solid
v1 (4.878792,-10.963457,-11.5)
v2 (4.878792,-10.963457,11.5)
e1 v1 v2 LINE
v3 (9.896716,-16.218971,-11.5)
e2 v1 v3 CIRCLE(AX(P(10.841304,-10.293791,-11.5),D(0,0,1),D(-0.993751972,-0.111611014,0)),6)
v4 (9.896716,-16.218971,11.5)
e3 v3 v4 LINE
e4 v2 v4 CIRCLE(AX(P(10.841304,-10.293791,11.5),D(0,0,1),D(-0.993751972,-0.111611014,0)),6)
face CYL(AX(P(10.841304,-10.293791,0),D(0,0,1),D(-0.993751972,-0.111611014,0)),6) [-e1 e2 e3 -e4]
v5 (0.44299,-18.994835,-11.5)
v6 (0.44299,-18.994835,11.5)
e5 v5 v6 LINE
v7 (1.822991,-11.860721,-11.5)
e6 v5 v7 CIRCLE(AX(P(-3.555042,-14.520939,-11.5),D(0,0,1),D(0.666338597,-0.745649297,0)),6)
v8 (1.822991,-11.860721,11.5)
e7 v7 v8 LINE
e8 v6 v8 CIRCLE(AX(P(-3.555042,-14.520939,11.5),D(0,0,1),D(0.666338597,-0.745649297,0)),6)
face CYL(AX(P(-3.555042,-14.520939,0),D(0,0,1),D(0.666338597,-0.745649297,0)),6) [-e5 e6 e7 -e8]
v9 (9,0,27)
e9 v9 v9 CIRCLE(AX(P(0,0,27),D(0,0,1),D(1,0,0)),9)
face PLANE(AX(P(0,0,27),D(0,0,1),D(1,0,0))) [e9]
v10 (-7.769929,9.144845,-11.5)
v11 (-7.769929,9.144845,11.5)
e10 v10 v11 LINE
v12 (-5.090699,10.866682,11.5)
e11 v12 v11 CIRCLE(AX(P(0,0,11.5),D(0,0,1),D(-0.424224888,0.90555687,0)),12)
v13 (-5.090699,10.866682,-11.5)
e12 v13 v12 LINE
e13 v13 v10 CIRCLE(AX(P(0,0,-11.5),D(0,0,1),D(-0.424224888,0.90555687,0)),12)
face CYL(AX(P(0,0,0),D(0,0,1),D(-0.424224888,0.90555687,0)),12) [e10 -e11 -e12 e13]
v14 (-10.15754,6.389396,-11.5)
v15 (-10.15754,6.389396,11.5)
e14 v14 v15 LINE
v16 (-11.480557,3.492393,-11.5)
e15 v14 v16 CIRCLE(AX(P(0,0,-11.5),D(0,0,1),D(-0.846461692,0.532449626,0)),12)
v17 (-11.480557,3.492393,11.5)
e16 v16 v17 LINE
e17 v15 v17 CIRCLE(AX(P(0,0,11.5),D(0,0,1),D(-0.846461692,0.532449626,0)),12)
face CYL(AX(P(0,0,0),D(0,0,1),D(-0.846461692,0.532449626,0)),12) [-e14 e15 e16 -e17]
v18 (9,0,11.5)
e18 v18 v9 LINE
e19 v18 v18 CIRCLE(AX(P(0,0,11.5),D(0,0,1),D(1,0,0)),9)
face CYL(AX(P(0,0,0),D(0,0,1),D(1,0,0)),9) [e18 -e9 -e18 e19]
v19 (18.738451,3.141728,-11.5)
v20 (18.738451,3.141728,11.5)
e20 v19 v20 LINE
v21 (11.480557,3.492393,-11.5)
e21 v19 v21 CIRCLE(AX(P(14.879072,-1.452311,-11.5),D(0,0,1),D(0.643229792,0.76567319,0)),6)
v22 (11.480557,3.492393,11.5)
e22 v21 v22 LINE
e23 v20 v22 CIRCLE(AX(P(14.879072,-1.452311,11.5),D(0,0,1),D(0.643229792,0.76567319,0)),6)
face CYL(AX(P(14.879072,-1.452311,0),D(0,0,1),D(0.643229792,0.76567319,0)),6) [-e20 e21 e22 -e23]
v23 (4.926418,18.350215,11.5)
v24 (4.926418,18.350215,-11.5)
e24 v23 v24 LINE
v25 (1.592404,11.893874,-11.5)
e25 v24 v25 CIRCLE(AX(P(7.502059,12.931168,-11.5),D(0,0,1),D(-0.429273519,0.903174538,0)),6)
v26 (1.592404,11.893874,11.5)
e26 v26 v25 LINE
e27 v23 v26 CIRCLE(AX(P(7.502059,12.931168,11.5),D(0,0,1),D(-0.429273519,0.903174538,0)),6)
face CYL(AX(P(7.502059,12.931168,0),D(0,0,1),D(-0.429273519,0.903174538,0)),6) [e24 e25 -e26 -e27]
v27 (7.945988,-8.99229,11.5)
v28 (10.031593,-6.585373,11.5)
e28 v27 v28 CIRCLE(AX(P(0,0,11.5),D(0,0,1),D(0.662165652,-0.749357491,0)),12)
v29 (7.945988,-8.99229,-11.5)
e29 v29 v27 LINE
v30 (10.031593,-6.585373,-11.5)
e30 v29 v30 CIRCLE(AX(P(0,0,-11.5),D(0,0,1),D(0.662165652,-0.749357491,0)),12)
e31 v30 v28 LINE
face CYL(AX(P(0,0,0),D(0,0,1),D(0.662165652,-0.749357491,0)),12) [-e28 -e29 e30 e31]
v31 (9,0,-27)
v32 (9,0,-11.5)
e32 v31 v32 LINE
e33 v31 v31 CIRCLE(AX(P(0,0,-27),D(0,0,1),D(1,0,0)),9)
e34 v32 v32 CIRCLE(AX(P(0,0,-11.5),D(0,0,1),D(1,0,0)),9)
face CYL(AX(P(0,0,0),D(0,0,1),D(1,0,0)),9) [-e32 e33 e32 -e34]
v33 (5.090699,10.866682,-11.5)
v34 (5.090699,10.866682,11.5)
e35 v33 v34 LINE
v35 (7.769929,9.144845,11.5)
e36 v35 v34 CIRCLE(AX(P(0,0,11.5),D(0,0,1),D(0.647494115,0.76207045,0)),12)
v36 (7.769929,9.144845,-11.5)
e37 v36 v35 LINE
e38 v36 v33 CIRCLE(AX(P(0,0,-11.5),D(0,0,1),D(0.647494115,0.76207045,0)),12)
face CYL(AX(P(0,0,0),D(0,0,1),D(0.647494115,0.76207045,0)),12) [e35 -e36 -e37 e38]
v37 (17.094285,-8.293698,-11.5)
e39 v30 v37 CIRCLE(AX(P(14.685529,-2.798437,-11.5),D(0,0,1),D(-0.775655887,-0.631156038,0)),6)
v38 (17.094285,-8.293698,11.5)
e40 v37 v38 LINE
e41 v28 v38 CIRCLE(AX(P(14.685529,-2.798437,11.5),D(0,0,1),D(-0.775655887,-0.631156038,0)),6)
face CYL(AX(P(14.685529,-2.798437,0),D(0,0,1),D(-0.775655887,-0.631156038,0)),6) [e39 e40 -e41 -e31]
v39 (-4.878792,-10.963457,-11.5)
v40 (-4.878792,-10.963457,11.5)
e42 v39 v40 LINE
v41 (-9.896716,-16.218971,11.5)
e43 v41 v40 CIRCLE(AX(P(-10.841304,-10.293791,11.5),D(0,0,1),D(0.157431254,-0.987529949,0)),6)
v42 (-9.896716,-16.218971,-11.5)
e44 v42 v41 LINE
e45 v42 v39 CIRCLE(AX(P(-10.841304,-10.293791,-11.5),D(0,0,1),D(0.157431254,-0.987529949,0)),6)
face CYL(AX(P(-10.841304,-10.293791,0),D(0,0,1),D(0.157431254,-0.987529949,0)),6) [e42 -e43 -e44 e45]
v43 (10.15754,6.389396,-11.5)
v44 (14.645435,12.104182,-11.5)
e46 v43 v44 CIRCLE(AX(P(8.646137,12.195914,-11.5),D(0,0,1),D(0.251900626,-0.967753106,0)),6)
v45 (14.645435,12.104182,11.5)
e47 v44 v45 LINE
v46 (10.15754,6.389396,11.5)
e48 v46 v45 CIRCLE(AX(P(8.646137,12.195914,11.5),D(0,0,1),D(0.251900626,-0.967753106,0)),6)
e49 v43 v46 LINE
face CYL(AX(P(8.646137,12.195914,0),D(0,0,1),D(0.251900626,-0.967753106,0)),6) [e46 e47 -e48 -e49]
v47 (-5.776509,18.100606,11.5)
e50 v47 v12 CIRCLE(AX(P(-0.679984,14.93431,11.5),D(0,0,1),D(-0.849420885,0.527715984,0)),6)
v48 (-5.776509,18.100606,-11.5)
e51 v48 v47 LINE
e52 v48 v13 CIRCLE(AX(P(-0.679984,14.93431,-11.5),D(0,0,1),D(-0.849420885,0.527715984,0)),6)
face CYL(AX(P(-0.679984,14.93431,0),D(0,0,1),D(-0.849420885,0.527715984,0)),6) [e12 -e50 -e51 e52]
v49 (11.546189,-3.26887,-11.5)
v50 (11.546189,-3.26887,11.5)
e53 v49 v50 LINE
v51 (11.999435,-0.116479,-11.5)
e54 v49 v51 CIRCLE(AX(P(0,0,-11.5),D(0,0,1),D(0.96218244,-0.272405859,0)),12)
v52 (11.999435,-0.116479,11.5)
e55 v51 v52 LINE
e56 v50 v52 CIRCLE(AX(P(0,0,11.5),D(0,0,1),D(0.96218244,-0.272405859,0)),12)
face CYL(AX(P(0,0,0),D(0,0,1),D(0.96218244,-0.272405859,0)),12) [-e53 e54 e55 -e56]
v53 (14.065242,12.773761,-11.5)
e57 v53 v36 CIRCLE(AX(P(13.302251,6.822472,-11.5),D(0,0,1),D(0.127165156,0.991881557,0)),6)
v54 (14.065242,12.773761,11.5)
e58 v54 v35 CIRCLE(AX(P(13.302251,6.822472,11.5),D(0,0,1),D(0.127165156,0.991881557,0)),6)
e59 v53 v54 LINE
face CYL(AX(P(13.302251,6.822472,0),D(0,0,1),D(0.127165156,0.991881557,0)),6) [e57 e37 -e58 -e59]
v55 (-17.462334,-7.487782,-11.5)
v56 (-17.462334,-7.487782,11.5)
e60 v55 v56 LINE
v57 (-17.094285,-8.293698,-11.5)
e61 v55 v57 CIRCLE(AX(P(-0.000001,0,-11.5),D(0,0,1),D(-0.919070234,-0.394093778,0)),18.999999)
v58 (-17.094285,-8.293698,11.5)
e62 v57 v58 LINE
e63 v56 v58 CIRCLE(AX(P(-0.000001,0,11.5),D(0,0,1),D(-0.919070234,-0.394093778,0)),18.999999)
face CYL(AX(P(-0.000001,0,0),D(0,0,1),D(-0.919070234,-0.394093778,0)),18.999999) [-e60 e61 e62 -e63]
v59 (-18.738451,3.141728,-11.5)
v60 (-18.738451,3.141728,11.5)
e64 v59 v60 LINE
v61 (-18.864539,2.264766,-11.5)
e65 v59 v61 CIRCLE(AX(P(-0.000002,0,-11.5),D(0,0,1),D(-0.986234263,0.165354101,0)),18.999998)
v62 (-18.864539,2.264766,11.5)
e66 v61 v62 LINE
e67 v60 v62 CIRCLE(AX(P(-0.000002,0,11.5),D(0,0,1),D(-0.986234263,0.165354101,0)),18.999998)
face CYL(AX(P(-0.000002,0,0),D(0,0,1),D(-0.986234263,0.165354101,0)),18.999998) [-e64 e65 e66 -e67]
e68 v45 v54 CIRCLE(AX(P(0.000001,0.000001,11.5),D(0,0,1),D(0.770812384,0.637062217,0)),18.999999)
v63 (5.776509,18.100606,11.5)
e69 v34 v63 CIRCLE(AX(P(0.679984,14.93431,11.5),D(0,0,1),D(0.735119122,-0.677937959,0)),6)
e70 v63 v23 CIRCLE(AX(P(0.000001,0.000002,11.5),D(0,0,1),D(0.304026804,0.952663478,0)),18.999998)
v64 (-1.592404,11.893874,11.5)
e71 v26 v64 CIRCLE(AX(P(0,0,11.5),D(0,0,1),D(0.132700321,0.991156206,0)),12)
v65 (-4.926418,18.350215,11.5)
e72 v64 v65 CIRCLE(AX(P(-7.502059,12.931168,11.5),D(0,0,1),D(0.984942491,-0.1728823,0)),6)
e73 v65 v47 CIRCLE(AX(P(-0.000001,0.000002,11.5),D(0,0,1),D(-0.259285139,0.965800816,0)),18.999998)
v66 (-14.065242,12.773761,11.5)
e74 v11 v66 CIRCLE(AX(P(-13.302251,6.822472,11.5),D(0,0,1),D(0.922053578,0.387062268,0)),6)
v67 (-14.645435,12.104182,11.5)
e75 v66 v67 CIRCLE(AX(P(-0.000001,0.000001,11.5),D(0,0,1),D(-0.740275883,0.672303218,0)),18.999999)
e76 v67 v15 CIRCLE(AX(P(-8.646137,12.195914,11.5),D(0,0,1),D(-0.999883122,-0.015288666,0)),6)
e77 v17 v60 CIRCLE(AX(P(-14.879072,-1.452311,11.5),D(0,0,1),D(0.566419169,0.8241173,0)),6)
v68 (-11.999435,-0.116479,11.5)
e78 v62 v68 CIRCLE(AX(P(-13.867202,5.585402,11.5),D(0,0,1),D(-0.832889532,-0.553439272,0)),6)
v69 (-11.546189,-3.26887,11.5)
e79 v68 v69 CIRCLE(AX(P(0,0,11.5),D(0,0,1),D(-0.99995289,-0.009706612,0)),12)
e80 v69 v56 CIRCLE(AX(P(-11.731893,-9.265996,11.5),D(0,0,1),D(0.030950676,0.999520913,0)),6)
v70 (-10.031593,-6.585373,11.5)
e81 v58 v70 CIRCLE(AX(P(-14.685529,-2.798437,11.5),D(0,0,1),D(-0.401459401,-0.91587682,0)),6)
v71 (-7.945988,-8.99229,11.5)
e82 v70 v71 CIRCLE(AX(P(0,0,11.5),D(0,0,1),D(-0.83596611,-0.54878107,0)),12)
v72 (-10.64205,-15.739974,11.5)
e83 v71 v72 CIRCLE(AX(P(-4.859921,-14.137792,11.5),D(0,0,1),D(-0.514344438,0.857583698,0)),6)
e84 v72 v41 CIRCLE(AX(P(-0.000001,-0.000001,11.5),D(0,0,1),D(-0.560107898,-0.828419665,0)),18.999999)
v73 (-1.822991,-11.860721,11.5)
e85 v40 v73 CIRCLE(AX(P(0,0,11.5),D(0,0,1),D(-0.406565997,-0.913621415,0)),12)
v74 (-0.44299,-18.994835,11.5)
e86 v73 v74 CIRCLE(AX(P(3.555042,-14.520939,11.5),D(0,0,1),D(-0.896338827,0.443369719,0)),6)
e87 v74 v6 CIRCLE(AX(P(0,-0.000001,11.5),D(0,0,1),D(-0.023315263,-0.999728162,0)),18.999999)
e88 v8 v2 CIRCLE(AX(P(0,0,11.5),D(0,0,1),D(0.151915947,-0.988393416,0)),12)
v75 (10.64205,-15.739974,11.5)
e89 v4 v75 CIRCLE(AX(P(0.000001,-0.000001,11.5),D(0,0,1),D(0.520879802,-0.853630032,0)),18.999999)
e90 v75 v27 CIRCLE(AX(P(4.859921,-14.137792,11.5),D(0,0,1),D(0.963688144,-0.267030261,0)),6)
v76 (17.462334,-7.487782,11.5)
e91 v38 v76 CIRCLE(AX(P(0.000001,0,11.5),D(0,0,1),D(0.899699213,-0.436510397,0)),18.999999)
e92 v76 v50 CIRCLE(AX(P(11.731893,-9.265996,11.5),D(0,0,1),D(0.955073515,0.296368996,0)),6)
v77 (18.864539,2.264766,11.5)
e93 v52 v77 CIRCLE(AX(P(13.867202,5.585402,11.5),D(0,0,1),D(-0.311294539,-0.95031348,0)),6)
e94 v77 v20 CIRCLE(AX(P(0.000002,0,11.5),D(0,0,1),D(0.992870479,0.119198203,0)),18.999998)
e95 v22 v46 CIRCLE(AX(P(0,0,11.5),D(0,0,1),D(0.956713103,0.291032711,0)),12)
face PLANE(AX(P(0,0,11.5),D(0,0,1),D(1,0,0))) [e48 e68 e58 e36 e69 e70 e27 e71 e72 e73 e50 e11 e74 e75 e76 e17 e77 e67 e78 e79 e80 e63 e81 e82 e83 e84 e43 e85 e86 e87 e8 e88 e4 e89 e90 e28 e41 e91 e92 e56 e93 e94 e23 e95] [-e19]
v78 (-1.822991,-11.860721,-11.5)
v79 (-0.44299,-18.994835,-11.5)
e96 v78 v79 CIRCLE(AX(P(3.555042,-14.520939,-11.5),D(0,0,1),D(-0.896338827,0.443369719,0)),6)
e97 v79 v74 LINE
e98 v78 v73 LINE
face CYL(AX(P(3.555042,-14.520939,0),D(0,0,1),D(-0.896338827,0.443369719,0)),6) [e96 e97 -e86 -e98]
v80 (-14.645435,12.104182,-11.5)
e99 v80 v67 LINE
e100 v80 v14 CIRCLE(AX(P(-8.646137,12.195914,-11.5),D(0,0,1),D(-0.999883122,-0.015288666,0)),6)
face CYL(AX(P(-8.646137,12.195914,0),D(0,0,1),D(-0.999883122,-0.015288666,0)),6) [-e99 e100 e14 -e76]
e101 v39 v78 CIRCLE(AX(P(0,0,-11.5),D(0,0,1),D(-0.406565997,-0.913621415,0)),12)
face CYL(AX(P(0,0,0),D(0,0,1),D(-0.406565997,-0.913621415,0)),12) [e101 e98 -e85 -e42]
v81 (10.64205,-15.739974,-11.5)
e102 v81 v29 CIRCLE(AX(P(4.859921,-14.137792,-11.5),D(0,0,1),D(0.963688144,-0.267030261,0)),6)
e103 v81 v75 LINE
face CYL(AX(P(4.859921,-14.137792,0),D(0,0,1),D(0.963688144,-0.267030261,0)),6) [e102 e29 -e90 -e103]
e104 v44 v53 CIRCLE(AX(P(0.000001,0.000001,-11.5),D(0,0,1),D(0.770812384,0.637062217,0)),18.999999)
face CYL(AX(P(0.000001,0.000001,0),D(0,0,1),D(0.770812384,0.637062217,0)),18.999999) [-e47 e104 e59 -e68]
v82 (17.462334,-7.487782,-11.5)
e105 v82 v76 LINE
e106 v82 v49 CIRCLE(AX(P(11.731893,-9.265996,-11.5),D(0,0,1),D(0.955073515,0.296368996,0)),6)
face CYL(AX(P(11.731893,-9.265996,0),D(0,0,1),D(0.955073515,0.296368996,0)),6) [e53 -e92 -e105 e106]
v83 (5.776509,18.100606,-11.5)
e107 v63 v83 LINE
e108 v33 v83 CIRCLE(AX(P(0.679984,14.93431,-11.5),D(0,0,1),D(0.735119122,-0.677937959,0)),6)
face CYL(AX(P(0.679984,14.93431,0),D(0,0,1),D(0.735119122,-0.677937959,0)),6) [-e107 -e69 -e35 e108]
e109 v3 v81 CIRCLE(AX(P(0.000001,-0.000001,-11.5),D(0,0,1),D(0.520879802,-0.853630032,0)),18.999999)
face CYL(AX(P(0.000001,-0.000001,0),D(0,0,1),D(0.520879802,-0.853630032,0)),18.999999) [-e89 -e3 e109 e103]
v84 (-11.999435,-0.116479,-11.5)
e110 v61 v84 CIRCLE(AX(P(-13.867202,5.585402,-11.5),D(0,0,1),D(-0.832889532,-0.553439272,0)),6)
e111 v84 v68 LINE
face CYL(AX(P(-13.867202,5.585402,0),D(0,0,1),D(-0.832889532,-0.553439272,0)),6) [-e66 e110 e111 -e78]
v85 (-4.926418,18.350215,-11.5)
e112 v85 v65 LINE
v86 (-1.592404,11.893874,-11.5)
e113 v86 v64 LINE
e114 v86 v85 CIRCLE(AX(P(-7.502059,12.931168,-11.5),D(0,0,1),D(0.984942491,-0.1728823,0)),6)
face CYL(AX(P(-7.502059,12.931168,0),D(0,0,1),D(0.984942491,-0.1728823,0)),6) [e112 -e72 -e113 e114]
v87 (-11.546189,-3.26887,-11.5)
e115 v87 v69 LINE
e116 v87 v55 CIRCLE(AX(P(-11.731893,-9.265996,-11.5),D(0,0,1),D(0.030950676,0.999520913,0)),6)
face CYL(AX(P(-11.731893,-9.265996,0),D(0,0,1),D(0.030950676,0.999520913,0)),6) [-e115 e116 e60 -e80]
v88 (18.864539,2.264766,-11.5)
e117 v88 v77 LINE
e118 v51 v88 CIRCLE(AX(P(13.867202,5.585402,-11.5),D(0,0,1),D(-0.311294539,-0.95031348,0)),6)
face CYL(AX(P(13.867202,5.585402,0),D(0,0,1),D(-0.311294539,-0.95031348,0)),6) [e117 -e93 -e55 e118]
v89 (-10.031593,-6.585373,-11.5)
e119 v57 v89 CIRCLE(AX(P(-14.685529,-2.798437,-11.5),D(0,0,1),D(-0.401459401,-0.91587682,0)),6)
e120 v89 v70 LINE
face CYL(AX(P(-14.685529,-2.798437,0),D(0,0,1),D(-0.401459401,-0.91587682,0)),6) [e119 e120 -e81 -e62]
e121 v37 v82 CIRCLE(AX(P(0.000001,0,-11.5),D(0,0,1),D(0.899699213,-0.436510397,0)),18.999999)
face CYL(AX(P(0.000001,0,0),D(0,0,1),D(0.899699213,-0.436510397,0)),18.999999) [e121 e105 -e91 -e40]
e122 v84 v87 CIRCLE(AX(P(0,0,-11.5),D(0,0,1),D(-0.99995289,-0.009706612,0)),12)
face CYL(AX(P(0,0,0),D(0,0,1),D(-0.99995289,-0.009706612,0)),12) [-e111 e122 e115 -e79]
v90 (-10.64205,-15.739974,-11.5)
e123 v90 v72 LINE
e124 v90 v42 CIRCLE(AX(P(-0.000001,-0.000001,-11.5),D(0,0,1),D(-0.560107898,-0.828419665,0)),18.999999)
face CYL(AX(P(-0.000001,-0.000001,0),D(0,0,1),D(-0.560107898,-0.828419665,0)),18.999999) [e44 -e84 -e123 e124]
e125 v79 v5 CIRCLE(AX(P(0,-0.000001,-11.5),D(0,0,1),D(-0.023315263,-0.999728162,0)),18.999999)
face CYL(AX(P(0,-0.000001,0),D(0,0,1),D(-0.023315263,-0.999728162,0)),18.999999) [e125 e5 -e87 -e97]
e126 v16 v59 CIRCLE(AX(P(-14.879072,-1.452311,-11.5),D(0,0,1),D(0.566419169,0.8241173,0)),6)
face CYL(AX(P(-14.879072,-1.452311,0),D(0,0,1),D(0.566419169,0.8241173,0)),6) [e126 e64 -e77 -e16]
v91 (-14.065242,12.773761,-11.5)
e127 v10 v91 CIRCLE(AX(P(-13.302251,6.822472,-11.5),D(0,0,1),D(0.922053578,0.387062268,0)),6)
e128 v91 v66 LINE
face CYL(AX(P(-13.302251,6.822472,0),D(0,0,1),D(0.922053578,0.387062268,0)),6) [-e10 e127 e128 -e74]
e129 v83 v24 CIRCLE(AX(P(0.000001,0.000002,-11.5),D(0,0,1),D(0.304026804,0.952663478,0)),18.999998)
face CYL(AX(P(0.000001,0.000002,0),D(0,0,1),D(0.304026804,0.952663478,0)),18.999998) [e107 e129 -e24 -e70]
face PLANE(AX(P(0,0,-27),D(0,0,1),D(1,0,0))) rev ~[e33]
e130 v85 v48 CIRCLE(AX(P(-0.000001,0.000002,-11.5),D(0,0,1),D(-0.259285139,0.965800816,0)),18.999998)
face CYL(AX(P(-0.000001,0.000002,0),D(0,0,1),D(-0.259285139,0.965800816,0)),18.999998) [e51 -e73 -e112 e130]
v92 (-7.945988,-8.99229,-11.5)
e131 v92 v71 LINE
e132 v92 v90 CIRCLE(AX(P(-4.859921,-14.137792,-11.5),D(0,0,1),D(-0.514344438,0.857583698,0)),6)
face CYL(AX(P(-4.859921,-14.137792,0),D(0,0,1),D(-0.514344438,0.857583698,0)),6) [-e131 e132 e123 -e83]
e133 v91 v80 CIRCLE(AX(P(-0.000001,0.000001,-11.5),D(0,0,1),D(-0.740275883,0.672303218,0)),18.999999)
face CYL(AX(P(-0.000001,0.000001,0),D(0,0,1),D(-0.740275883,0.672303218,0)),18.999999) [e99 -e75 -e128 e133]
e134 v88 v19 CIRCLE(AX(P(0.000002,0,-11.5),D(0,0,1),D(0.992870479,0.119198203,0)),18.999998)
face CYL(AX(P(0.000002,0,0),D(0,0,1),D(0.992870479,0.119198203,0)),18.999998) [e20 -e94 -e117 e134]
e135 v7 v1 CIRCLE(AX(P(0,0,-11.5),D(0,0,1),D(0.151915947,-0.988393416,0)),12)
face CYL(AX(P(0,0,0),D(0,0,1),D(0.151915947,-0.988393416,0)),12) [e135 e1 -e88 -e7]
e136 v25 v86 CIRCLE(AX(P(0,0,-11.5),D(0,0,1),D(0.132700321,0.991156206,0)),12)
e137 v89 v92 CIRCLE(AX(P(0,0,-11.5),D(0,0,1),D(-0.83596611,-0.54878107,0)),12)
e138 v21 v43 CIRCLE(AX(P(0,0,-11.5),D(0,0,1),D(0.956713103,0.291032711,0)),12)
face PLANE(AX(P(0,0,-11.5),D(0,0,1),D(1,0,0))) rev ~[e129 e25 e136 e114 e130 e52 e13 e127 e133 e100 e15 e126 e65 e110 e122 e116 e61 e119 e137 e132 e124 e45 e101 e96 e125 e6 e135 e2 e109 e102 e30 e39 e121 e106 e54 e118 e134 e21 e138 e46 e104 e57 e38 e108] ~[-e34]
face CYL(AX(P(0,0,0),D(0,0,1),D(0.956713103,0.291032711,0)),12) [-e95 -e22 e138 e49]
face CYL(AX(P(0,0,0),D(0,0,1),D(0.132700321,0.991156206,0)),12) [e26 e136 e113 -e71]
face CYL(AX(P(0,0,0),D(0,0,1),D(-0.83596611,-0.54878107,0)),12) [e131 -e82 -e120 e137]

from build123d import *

# Parameters (mm, degrees)
SKETCH1_R           = 9
BOSS_EXTRUDE1_DEPTH = 27
BOSS_EXTRUDE2_DEPTH = 11.5


with BuildPart() as part:
    # Sketch1 → Boss-Extrude1 (new body, symmetric)
    with BuildSketch(Plane.XY):
        Circle(SKETCH1_R)
    extrude(amount=BOSS_EXTRUDE1_DEPTH, both=True)

    # Sketch2 → Boss-Extrude2 (add, symmetric)
    with BuildSketch(Plane.XY):
        with BuildLine():
            ThreePointArc((1.592403849, 11.893874473), (0, 12), (-1.592403849, 11.893874473))
            ThreePointArc((-1.592403849, 11.893874473), (-2.170910027, 15.684139908), (-4.926417678, 18.350215499))
            ThreePointArc((-4.926417678, 18.350215499), (-5.35291858, 18.230366499), (-5.776509232, 18.100606097))
            ThreePointArc((-5.776509232, 18.100606097), (-6.653200491, 14.368020679), (-5.090698654, 10.866682438))
            ThreePointArc((-5.090698654, 10.866682438), (-6.487689809, 10.095042394), (-7.769929381, 9.144845401))
            ThreePointArc((-7.769929381, 9.144845401), (-10.305771951, 12.020655535), (-14.065241784, 12.773761136))
            ThreePointArc((-14.065241784, 12.773761136), (-14.359241913, 12.442353945), (-14.645435276, 12.104182152))
            ThreePointArc((-14.645435276, 12.104182152), (-13.364966863, 8.490156404), (-10.157540304, 6.389395509))
            ThreePointArc((-10.157540304, 6.389395509), (-10.915583944, 4.984980156), (-11.480557235, 3.492392528))
            ThreePointArc((-11.480557235, 3.492392528), (-15.168624097, 4.540697964), (-18.738451003, 3.141727868))
            ThreePointArc((-18.738451003, 3.141727868), (-18.806607396, 2.703981927), (-18.864539099, 2.264765898))
            ThreePointArc((-18.864539099, 2.264765898), (-15.833450688, -0.083272541), (-11.999434677, -0.116479348))
            ThreePointArc((-11.999434677, -0.116479348), (-11.877857303, -1.707778059), (-11.546189284, -3.268870296))
            ThreePointArc((-11.546189284, -3.268870296), (-15.215545269, -4.380899128), (-17.462334429, -7.4877818))
            ThreePointArc((-17.462334429, -7.4877818), (-17.283007912, -7.892885247), (-17.094285049, -8.293697527))
            ThreePointArc((-17.094285049, -8.293697527), (-13.274925794, -8.630263043), (-10.031593324, -6.585372836))
            ThreePointArc((-10.031593324, -6.585372836), (-9.068994892, -7.858328807), (-7.945987817, -8.992289898))
            ThreePointArc((-7.945987817, -8.992289898), (-10.431638326, -11.911591701), (-10.642050057, -15.739973653))
            ThreePointArc((-10.642050057, -15.739973653), (-10.272175532, -15.983817124), (-9.896716278, -16.218970587))
            ThreePointArc((-9.896716278, -16.218970587), (-6.501705756, -14.437206007), (-4.87879197, -10.963456978))
            ThreePointArc((-4.87879197, -10.963456978), (-3.380790682, -11.513915683), (-1.822991362, -11.860720994))
            ThreePointArc((-1.822991362, -11.860720994), (-2.335759921, -15.660438072), (-0.442989984, -18.994835084))
            ThreePointArc((-0.442989984, -18.994835084), (0, -19), (0.442989984, -18.994835084))
            ThreePointArc((0.442989984, -18.994835084), (2.335759921, -15.660438072), (1.822991362, -11.860720994))
            ThreePointArc((1.822991362, -11.860720994), (3.380790682, -11.513915683), (4.87879197, -10.963456978))
            ThreePointArc((4.87879197, -10.963456978), (6.501705756, -14.437206007), (9.896716278, -16.218970587))
            ThreePointArc((9.896716278, -16.218970587), (10.272175532, -15.983817124), (10.642050057, -15.739973653))
            ThreePointArc((10.642050057, -15.739973653), (10.431638326, -11.911591701), (7.945987817, -8.992289898))
            ThreePointArc((7.945987817, -8.992289898), (9.068994892, -7.858328807), (10.031593324, -6.585372836))
            ThreePointArc((10.031593324, -6.585372836), (13.274925794, -8.630263043), (17.094285049, -8.293697527))
            ThreePointArc((17.094285049, -8.293697527), (17.283007912, -7.892885247), (17.462334429, -7.4877818))
            ThreePointArc((17.462334429, -7.4877818), (15.215545269, -4.380899128), (11.546189284, -3.268870296))
            ThreePointArc((11.546189284, -3.268870296), (11.877857303, -1.707778059), (11.999434677, -0.116479348))
            ThreePointArc((11.999434677, -0.116479348), (15.833450688, -0.083272541), (18.864539099, 2.264765898))
            ThreePointArc((18.864539099, 2.264765898), (18.806607396, 2.703981927), (18.738451003, 3.141727868))
            ThreePointArc((18.738451003, 3.141727868), (15.168624097, 4.540697964), (11.480557235, 3.492392528))
            ThreePointArc((11.480557235, 3.492392528), (10.915583944, 4.984980156), (10.157540304, 6.389395509))
            ThreePointArc((10.157540304, 6.389395509), (13.364966863, 8.490156404), (14.645435276, 12.104182152))
            ThreePointArc((14.645435276, 12.104182152), (14.359241913, 12.442353945), (14.065241784, 12.773761136))
            ThreePointArc((14.065241784, 12.773761136), (10.305771951, 12.020655535), (7.769929381, 9.144845401))
            ThreePointArc((7.769929381, 9.144845401), (6.487689809, 10.095042394), (5.090698654, 10.866682438))
            ThreePointArc((5.090698654, 10.866682438), (6.653200491, 14.368020679), (5.776509232, 18.100606097))
            ThreePointArc((5.776509232, 18.100606097), (5.35291858, 18.230366499), (4.926417678, 18.350215499))
            ThreePointArc((4.926417678, 18.350215499), (2.170910027, 15.684139908), (1.592403849, 11.893874473))
        make_face()
    extrude(amount=BOSS_EXTRUDE2_DEPTH, both=True)


solid = part.part
